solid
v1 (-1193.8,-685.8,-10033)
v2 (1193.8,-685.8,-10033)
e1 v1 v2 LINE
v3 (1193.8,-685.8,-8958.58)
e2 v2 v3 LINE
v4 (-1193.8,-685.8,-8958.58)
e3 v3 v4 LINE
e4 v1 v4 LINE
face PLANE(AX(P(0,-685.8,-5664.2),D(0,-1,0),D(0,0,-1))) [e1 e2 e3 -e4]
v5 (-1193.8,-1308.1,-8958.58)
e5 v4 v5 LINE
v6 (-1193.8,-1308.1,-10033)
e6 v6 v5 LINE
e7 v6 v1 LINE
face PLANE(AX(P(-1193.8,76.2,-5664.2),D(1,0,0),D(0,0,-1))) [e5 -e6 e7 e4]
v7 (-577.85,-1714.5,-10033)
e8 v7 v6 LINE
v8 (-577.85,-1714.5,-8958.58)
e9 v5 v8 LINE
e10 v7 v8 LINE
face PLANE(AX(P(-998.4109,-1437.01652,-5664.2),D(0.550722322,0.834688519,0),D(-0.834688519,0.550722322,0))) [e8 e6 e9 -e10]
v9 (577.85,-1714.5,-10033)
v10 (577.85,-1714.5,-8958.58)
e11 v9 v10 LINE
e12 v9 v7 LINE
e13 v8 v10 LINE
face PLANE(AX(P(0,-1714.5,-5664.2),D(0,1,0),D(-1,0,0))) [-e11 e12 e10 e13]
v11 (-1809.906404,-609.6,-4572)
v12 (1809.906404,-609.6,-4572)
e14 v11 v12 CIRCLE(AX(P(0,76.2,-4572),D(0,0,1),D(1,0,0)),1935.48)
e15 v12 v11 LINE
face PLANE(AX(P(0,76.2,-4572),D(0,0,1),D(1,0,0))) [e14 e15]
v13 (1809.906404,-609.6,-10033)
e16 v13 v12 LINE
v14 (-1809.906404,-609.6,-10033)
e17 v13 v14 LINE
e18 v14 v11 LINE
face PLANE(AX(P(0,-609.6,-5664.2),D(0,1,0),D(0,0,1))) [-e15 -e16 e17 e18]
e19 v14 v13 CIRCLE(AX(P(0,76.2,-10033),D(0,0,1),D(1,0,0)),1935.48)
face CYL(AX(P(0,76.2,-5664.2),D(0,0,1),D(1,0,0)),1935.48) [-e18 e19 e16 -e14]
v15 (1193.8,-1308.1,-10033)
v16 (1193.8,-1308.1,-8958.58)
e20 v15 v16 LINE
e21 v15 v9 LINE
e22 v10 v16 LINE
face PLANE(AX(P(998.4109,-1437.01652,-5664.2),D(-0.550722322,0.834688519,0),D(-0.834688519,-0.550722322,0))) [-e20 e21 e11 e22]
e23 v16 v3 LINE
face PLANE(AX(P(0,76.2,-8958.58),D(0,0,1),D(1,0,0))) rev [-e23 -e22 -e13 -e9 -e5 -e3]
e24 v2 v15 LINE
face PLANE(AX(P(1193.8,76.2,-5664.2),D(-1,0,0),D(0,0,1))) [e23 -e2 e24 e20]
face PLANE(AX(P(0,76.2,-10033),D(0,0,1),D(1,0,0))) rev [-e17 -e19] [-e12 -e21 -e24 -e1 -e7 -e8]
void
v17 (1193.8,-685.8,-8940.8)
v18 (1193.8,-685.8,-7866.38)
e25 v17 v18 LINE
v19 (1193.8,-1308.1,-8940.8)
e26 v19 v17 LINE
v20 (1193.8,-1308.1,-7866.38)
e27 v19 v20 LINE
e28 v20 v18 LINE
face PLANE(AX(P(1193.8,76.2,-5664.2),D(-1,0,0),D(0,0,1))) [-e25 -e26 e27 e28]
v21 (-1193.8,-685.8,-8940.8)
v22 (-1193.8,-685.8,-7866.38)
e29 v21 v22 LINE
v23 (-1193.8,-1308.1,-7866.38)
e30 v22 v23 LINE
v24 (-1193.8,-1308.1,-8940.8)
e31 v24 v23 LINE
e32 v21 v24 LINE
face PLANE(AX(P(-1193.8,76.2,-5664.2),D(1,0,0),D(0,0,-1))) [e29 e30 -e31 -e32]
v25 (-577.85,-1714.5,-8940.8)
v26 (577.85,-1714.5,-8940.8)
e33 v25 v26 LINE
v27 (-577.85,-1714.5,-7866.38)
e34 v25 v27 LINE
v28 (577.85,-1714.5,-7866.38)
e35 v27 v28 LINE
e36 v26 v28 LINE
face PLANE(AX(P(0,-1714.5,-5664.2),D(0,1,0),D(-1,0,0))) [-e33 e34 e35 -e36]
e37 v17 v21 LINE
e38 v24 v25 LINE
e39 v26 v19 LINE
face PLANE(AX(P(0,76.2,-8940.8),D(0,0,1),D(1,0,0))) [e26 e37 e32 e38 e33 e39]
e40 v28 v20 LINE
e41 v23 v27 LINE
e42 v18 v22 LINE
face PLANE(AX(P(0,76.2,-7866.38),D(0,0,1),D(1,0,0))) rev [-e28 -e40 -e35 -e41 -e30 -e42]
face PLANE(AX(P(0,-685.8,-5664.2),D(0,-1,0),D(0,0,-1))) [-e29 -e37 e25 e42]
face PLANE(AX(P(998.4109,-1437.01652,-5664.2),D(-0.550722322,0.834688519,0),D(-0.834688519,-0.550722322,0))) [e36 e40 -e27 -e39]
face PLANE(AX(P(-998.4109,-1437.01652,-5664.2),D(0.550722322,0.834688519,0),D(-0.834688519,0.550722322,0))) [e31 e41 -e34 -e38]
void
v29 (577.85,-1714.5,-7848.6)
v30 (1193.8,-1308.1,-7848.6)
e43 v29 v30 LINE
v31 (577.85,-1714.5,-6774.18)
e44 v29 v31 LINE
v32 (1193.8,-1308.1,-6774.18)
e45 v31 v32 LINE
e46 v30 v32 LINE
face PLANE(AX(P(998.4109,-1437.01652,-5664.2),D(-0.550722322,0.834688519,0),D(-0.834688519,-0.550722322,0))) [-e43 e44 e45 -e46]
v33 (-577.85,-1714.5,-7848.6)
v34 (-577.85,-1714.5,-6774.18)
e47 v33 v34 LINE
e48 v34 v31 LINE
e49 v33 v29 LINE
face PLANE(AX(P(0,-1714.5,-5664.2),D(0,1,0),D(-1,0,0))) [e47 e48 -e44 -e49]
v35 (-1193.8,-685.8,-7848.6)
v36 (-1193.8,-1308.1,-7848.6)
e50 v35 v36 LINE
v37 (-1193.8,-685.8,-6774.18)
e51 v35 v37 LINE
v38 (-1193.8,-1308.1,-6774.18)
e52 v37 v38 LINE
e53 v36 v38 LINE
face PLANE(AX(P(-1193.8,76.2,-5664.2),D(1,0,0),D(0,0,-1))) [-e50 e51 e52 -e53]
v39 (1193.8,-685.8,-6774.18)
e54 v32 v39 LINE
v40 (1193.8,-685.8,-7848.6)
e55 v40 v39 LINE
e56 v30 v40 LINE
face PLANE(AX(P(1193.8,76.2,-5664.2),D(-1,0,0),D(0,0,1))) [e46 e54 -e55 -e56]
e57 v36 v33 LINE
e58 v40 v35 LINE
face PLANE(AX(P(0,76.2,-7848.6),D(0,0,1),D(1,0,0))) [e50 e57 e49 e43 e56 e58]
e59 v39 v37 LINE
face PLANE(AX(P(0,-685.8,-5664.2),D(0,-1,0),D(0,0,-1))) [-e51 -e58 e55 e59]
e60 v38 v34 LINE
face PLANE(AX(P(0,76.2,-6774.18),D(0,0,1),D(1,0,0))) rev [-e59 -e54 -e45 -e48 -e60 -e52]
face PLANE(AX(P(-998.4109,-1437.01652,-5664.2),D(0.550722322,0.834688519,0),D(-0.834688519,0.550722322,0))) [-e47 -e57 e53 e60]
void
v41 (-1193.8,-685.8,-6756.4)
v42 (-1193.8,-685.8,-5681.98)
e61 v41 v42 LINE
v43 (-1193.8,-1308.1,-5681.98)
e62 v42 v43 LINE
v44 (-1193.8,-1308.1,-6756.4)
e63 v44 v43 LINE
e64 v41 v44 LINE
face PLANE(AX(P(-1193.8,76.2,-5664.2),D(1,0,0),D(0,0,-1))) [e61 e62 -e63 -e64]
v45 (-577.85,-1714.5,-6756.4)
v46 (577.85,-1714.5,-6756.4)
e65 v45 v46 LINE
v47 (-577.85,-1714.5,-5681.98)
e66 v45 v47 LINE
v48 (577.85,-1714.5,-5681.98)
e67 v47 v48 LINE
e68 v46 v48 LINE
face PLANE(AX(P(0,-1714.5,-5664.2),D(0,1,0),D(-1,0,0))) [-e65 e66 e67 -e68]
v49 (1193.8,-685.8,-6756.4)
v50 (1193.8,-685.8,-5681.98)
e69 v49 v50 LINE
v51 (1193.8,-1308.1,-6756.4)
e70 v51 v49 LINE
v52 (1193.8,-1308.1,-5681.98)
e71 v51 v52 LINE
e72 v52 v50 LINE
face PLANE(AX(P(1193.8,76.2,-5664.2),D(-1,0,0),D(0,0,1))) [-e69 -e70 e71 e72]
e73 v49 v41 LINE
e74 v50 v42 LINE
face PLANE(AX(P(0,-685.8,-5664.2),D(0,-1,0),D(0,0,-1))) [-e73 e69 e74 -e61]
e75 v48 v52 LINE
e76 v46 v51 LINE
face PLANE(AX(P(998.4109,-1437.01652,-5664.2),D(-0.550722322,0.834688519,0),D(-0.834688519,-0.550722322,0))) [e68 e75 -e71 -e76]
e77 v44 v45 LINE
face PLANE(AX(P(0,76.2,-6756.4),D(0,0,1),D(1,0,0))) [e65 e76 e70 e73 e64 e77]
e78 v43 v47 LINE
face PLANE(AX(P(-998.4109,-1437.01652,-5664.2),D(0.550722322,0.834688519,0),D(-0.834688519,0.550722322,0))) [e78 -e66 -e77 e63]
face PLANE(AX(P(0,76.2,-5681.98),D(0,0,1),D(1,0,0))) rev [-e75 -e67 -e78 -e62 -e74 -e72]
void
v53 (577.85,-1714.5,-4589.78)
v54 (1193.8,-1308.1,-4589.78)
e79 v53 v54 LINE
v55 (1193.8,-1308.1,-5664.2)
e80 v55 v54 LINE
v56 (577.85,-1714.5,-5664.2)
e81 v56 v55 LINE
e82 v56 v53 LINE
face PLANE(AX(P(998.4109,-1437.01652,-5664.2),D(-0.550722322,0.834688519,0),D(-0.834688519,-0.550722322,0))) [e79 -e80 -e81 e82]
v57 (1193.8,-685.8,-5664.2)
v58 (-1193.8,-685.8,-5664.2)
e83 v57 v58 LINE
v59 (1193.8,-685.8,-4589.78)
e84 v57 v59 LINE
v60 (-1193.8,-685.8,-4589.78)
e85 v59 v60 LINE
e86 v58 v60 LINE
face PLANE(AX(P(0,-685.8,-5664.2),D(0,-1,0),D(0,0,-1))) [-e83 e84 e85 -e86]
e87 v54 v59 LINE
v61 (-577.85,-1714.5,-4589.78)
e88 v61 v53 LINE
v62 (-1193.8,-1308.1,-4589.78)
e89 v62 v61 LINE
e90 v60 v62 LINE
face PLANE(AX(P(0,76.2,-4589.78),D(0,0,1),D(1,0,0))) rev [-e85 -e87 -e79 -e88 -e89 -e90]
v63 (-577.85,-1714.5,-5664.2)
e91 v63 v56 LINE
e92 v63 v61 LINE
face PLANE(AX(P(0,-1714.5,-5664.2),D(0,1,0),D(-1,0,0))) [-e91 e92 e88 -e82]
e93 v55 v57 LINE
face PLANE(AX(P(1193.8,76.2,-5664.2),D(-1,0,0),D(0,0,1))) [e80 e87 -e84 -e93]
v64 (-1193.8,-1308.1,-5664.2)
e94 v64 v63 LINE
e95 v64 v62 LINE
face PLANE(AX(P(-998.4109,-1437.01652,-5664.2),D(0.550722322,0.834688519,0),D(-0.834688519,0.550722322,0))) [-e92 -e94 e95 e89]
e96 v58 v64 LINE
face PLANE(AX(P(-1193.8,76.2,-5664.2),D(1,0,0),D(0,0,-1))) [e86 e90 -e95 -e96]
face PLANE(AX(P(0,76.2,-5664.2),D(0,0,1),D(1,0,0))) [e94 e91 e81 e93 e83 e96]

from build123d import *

# Parameters (mm, degrees)
BOSS_EXTRUDE1_DEPTH = 1092.2
BOSS_EXTRUDE2_DEPTH = 17.78
LPATTERN1_COUNT     = 5
LPATTERN1_PITCH     = 1092.2


with BuildPart() as part:
    # Sketch3 → Boss-Extrude1 (new body)
    with BuildSketch(Plane.XY.offset(-4572)):
        with BuildLine():
            ThreePointArc((-1809.906403768, -685.8), (0, -1935.48), (1809.906403768, -685.8))
            Line((1809.906403768, -685.8), (-1809.906403768, -685.8))
        make_face()
        Polygon((-1193.8, -1384.3), (-1193.8, -762), (1193.8, -762), (1193.8, -1384.3), (577.85, -1790.7), (-577.85, -1790.7), align=None, mode=Mode.SUBTRACT)
    boss_extrude1 = extrude(amount=-BOSS_EXTRUDE1_DEPTH)

    # Sketch3<4> → Boss-Extrude2 (add)
    with BuildSketch(Plane.XY.offset(-4572)):
        with BuildLine():
            ThreePointArc((-1809.906403768, -685.8), (0, -1935.48), (1809.906403768, -685.8))
            Line((1809.906403768, -685.8), (-1809.906403768, -685.8))
        make_face()
    boss_extrude2 = extrude(amount=-BOSS_EXTRUDE2_DEPTH)

    # LPattern1: Boss-Extrude1, Boss-Extrude2 ×5
    with Locations(*[(0, 0, -i * LPATTERN1_PITCH) for i in range(1, LPATTERN1_COUNT)]):
        add(boss_extrude1)
        add(boss_extrude2)


with BuildPart() as part_1:
    # Body-Move/Copy1: moved
    add(part.part.moved(Location((0, 76.2, 0))))


solid = part_1.part
